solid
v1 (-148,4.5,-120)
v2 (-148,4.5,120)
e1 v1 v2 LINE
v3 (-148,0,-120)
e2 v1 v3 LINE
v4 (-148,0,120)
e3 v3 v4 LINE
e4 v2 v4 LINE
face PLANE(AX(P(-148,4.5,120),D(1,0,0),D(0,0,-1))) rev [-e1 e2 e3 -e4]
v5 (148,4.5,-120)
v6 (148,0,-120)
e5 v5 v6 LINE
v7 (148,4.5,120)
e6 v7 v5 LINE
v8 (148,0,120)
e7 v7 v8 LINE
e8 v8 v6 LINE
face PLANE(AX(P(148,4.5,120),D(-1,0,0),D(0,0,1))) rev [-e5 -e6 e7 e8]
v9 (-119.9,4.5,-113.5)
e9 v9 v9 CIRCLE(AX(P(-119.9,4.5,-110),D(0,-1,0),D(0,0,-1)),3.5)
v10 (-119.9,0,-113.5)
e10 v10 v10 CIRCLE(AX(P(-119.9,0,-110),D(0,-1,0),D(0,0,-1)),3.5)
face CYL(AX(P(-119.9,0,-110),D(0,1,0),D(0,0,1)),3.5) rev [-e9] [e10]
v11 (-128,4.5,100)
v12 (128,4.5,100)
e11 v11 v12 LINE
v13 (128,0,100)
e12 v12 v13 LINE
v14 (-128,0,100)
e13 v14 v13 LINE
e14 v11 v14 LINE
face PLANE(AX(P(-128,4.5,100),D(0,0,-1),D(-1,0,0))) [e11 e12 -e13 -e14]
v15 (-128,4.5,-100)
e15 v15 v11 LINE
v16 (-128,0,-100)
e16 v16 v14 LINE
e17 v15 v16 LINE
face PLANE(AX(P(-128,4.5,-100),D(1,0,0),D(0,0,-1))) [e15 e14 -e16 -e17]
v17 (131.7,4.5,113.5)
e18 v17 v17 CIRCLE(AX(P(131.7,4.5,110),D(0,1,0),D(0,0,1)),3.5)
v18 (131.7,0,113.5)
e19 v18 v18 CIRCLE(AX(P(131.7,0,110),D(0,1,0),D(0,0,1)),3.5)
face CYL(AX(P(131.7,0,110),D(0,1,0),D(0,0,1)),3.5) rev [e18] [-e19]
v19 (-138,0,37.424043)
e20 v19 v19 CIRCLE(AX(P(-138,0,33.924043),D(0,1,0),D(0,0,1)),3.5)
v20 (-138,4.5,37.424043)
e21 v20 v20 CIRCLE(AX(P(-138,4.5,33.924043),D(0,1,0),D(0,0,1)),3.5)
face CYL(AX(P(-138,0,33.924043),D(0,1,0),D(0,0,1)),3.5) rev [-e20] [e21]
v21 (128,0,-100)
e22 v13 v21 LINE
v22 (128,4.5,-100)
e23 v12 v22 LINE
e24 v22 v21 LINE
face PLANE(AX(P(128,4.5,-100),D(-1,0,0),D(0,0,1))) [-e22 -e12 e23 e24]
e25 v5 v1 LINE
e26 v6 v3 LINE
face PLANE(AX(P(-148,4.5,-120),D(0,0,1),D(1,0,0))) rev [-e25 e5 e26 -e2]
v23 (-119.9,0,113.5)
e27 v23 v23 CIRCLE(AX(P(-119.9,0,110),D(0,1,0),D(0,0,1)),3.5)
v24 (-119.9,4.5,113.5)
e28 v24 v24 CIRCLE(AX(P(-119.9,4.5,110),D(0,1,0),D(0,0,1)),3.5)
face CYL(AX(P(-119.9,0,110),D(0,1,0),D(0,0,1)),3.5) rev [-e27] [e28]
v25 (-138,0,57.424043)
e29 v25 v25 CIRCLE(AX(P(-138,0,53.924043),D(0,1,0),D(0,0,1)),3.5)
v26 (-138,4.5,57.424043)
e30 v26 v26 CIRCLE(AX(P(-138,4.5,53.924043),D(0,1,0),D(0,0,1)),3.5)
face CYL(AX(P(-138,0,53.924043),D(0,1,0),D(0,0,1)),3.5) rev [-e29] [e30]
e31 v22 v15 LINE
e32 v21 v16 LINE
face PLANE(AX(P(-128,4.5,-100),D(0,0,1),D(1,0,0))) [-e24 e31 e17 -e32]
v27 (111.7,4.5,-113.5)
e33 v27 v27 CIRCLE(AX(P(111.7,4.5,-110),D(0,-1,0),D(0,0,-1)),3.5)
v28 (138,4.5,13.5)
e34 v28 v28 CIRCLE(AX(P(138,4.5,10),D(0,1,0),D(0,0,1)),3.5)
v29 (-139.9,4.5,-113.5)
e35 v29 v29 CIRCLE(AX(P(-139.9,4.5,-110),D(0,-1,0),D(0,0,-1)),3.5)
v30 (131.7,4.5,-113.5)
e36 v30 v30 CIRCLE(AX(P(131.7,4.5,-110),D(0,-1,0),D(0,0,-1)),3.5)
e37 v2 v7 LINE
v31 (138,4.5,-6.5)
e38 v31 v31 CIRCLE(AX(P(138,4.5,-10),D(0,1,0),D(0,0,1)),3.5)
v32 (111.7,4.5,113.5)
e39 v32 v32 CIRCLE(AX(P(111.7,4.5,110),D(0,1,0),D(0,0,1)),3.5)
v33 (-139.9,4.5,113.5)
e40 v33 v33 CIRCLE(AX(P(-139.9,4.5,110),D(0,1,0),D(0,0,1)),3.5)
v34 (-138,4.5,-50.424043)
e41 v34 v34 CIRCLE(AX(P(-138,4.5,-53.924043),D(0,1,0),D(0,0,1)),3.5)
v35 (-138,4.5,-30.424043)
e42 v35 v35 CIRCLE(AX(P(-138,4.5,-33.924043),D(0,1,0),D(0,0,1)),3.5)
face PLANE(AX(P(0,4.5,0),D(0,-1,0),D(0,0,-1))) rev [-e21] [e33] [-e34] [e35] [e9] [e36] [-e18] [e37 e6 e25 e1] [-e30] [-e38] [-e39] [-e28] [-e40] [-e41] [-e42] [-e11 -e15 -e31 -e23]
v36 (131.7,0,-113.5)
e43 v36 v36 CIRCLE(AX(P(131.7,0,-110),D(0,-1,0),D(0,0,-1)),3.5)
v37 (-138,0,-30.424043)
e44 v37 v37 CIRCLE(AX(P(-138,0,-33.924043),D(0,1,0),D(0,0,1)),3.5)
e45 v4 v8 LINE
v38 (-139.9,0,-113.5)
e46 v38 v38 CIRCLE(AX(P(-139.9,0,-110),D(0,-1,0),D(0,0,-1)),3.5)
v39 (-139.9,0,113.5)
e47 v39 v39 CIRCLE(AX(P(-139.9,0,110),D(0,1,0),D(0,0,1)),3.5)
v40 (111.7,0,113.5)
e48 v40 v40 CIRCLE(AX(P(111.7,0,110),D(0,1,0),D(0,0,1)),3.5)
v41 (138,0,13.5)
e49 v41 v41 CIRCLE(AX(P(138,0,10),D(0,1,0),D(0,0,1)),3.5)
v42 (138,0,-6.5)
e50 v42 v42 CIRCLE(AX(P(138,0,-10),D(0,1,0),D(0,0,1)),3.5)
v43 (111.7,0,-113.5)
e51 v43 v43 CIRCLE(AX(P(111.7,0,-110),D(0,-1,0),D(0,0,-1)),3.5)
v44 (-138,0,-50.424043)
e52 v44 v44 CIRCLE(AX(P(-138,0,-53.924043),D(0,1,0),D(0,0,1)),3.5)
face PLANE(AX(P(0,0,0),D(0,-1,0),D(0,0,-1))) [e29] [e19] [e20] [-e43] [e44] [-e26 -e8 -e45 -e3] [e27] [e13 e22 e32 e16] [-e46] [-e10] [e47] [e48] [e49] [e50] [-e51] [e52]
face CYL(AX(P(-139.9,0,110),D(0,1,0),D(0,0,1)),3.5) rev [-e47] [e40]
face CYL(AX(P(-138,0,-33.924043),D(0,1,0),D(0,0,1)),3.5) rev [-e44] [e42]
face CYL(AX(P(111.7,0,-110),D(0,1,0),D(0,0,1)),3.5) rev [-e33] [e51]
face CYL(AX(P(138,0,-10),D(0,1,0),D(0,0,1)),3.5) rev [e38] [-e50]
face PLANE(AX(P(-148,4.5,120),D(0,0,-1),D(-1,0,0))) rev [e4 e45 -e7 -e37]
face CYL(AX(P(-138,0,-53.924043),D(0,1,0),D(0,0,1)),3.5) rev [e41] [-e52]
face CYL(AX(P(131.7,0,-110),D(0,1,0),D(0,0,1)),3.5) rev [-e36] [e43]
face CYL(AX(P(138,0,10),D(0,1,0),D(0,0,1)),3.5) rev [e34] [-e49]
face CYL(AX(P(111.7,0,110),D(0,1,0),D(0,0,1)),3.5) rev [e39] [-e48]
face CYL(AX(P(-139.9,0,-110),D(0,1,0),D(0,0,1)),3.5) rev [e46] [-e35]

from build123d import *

# Parameters (mm, degrees)
SKETCH1_W           = 296
SKETCH1_H           = 240
SKETCH1_W_2         = 256
SKETCH1_H_2         = 200
BOSS_EXTRUDE1_DEPTH = 4.5
SKETCH2_R           = 3.5
CUT_EXTRUDE1_DEPTH  = 4.5
SKETCH3_R           = 3.5
CUT_EXTRUDE2_DEPTH  = 4.5
SKETCH4_R           = 3.5
CUT_EXTRUDE3_DEPTH  = 4.5
SKETCH5_R           = 3.5
CUT_EXTRUDE4_DEPTH  = 4.5


with BuildPart() as part:
    # Sketch1 → Boss-Extrude1 (new body)
    with BuildSketch(Plane(origin=(0, 0, 0), x_dir=(1, 0, 0), z_dir=(0, 1, 0))):
        Rectangle(SKETCH1_W, SKETCH1_H)
        Rectangle(SKETCH1_W_2, SKETCH1_H_2, mode=Mode.SUBTRACT)
    extrude(amount=BOSS_EXTRUDE1_DEPTH)

    # Sketch2 → Cut-Extrude1 (cut)
    with BuildSketch(Plane(origin=(0, 4.5, 0), x_dir=(1, 0, 0), z_dir=(0, 1, 0))):
        with Locations((-139.9, -110)):
            Circle(SKETCH2_R)
        with Locations((-119.9, -110)):
            Circle(SKETCH2_R)
    cut_extrude1 = extrude(amount=-CUT_EXTRUDE1_DEPTH, mode=Mode.SUBTRACT)

    # Mirror1: Cut-Extrude1 across plane
    add(cut_extrude1.mirror(Plane.XY), mode=Mode.SUBTRACT)

    # Sketch3 → Cut-Extrude2 (cut)
    with BuildSketch(Plane(origin=(0, 4.5, 0), x_dir=(1, 0, 0), z_dir=(0, 1, 0))):
        with Locations((131.7, -110)):
            Circle(SKETCH3_R)
        with Locations((111.7, -110)):
            Circle(SKETCH3_R)
    cut_extrude2 = extrude(amount=-CUT_EXTRUDE2_DEPTH, mode=Mode.SUBTRACT)

    # Mirror2: Cut-Extrude2 across plane
    add(cut_extrude2.mirror(Plane.XY), mode=Mode.SUBTRACT)

    # Sketch4 → Cut-Extrude3 (cut)
    with BuildSketch(Plane(origin=(0, 4.5, 0), x_dir=(1, 0, 0), z_dir=(0, 1, 0))):
        with Locations((138, 10)):
            Circle(SKETCH4_R)
        with Locations((138, -10)):
            Circle(SKETCH4_R)
    extrude(amount=-CUT_EXTRUDE3_DEPTH, mode=Mode.SUBTRACT)

    # Sketch5 → Cut-Extrude4 (cut)
    with BuildSketch(Plane(origin=(0, 4.5, 0), x_dir=(1, 0, 0), z_dir=(0, 1, 0))):
        with Locations((-138, 53.924043482)):
            Circle(SKETCH5_R)
        with Locations((-138, 33.924043482)):
            Circle(SKETCH5_R)
        with Locations((-138, -33.924043482)):
            Circle(SKETCH5_R)
        with Locations((-138, -53.924043482)):
            Circle(SKETCH5_R)
    extrude(amount=-CUT_EXTRUDE4_DEPTH, mode=Mode.SUBTRACT)


solid = part.part
